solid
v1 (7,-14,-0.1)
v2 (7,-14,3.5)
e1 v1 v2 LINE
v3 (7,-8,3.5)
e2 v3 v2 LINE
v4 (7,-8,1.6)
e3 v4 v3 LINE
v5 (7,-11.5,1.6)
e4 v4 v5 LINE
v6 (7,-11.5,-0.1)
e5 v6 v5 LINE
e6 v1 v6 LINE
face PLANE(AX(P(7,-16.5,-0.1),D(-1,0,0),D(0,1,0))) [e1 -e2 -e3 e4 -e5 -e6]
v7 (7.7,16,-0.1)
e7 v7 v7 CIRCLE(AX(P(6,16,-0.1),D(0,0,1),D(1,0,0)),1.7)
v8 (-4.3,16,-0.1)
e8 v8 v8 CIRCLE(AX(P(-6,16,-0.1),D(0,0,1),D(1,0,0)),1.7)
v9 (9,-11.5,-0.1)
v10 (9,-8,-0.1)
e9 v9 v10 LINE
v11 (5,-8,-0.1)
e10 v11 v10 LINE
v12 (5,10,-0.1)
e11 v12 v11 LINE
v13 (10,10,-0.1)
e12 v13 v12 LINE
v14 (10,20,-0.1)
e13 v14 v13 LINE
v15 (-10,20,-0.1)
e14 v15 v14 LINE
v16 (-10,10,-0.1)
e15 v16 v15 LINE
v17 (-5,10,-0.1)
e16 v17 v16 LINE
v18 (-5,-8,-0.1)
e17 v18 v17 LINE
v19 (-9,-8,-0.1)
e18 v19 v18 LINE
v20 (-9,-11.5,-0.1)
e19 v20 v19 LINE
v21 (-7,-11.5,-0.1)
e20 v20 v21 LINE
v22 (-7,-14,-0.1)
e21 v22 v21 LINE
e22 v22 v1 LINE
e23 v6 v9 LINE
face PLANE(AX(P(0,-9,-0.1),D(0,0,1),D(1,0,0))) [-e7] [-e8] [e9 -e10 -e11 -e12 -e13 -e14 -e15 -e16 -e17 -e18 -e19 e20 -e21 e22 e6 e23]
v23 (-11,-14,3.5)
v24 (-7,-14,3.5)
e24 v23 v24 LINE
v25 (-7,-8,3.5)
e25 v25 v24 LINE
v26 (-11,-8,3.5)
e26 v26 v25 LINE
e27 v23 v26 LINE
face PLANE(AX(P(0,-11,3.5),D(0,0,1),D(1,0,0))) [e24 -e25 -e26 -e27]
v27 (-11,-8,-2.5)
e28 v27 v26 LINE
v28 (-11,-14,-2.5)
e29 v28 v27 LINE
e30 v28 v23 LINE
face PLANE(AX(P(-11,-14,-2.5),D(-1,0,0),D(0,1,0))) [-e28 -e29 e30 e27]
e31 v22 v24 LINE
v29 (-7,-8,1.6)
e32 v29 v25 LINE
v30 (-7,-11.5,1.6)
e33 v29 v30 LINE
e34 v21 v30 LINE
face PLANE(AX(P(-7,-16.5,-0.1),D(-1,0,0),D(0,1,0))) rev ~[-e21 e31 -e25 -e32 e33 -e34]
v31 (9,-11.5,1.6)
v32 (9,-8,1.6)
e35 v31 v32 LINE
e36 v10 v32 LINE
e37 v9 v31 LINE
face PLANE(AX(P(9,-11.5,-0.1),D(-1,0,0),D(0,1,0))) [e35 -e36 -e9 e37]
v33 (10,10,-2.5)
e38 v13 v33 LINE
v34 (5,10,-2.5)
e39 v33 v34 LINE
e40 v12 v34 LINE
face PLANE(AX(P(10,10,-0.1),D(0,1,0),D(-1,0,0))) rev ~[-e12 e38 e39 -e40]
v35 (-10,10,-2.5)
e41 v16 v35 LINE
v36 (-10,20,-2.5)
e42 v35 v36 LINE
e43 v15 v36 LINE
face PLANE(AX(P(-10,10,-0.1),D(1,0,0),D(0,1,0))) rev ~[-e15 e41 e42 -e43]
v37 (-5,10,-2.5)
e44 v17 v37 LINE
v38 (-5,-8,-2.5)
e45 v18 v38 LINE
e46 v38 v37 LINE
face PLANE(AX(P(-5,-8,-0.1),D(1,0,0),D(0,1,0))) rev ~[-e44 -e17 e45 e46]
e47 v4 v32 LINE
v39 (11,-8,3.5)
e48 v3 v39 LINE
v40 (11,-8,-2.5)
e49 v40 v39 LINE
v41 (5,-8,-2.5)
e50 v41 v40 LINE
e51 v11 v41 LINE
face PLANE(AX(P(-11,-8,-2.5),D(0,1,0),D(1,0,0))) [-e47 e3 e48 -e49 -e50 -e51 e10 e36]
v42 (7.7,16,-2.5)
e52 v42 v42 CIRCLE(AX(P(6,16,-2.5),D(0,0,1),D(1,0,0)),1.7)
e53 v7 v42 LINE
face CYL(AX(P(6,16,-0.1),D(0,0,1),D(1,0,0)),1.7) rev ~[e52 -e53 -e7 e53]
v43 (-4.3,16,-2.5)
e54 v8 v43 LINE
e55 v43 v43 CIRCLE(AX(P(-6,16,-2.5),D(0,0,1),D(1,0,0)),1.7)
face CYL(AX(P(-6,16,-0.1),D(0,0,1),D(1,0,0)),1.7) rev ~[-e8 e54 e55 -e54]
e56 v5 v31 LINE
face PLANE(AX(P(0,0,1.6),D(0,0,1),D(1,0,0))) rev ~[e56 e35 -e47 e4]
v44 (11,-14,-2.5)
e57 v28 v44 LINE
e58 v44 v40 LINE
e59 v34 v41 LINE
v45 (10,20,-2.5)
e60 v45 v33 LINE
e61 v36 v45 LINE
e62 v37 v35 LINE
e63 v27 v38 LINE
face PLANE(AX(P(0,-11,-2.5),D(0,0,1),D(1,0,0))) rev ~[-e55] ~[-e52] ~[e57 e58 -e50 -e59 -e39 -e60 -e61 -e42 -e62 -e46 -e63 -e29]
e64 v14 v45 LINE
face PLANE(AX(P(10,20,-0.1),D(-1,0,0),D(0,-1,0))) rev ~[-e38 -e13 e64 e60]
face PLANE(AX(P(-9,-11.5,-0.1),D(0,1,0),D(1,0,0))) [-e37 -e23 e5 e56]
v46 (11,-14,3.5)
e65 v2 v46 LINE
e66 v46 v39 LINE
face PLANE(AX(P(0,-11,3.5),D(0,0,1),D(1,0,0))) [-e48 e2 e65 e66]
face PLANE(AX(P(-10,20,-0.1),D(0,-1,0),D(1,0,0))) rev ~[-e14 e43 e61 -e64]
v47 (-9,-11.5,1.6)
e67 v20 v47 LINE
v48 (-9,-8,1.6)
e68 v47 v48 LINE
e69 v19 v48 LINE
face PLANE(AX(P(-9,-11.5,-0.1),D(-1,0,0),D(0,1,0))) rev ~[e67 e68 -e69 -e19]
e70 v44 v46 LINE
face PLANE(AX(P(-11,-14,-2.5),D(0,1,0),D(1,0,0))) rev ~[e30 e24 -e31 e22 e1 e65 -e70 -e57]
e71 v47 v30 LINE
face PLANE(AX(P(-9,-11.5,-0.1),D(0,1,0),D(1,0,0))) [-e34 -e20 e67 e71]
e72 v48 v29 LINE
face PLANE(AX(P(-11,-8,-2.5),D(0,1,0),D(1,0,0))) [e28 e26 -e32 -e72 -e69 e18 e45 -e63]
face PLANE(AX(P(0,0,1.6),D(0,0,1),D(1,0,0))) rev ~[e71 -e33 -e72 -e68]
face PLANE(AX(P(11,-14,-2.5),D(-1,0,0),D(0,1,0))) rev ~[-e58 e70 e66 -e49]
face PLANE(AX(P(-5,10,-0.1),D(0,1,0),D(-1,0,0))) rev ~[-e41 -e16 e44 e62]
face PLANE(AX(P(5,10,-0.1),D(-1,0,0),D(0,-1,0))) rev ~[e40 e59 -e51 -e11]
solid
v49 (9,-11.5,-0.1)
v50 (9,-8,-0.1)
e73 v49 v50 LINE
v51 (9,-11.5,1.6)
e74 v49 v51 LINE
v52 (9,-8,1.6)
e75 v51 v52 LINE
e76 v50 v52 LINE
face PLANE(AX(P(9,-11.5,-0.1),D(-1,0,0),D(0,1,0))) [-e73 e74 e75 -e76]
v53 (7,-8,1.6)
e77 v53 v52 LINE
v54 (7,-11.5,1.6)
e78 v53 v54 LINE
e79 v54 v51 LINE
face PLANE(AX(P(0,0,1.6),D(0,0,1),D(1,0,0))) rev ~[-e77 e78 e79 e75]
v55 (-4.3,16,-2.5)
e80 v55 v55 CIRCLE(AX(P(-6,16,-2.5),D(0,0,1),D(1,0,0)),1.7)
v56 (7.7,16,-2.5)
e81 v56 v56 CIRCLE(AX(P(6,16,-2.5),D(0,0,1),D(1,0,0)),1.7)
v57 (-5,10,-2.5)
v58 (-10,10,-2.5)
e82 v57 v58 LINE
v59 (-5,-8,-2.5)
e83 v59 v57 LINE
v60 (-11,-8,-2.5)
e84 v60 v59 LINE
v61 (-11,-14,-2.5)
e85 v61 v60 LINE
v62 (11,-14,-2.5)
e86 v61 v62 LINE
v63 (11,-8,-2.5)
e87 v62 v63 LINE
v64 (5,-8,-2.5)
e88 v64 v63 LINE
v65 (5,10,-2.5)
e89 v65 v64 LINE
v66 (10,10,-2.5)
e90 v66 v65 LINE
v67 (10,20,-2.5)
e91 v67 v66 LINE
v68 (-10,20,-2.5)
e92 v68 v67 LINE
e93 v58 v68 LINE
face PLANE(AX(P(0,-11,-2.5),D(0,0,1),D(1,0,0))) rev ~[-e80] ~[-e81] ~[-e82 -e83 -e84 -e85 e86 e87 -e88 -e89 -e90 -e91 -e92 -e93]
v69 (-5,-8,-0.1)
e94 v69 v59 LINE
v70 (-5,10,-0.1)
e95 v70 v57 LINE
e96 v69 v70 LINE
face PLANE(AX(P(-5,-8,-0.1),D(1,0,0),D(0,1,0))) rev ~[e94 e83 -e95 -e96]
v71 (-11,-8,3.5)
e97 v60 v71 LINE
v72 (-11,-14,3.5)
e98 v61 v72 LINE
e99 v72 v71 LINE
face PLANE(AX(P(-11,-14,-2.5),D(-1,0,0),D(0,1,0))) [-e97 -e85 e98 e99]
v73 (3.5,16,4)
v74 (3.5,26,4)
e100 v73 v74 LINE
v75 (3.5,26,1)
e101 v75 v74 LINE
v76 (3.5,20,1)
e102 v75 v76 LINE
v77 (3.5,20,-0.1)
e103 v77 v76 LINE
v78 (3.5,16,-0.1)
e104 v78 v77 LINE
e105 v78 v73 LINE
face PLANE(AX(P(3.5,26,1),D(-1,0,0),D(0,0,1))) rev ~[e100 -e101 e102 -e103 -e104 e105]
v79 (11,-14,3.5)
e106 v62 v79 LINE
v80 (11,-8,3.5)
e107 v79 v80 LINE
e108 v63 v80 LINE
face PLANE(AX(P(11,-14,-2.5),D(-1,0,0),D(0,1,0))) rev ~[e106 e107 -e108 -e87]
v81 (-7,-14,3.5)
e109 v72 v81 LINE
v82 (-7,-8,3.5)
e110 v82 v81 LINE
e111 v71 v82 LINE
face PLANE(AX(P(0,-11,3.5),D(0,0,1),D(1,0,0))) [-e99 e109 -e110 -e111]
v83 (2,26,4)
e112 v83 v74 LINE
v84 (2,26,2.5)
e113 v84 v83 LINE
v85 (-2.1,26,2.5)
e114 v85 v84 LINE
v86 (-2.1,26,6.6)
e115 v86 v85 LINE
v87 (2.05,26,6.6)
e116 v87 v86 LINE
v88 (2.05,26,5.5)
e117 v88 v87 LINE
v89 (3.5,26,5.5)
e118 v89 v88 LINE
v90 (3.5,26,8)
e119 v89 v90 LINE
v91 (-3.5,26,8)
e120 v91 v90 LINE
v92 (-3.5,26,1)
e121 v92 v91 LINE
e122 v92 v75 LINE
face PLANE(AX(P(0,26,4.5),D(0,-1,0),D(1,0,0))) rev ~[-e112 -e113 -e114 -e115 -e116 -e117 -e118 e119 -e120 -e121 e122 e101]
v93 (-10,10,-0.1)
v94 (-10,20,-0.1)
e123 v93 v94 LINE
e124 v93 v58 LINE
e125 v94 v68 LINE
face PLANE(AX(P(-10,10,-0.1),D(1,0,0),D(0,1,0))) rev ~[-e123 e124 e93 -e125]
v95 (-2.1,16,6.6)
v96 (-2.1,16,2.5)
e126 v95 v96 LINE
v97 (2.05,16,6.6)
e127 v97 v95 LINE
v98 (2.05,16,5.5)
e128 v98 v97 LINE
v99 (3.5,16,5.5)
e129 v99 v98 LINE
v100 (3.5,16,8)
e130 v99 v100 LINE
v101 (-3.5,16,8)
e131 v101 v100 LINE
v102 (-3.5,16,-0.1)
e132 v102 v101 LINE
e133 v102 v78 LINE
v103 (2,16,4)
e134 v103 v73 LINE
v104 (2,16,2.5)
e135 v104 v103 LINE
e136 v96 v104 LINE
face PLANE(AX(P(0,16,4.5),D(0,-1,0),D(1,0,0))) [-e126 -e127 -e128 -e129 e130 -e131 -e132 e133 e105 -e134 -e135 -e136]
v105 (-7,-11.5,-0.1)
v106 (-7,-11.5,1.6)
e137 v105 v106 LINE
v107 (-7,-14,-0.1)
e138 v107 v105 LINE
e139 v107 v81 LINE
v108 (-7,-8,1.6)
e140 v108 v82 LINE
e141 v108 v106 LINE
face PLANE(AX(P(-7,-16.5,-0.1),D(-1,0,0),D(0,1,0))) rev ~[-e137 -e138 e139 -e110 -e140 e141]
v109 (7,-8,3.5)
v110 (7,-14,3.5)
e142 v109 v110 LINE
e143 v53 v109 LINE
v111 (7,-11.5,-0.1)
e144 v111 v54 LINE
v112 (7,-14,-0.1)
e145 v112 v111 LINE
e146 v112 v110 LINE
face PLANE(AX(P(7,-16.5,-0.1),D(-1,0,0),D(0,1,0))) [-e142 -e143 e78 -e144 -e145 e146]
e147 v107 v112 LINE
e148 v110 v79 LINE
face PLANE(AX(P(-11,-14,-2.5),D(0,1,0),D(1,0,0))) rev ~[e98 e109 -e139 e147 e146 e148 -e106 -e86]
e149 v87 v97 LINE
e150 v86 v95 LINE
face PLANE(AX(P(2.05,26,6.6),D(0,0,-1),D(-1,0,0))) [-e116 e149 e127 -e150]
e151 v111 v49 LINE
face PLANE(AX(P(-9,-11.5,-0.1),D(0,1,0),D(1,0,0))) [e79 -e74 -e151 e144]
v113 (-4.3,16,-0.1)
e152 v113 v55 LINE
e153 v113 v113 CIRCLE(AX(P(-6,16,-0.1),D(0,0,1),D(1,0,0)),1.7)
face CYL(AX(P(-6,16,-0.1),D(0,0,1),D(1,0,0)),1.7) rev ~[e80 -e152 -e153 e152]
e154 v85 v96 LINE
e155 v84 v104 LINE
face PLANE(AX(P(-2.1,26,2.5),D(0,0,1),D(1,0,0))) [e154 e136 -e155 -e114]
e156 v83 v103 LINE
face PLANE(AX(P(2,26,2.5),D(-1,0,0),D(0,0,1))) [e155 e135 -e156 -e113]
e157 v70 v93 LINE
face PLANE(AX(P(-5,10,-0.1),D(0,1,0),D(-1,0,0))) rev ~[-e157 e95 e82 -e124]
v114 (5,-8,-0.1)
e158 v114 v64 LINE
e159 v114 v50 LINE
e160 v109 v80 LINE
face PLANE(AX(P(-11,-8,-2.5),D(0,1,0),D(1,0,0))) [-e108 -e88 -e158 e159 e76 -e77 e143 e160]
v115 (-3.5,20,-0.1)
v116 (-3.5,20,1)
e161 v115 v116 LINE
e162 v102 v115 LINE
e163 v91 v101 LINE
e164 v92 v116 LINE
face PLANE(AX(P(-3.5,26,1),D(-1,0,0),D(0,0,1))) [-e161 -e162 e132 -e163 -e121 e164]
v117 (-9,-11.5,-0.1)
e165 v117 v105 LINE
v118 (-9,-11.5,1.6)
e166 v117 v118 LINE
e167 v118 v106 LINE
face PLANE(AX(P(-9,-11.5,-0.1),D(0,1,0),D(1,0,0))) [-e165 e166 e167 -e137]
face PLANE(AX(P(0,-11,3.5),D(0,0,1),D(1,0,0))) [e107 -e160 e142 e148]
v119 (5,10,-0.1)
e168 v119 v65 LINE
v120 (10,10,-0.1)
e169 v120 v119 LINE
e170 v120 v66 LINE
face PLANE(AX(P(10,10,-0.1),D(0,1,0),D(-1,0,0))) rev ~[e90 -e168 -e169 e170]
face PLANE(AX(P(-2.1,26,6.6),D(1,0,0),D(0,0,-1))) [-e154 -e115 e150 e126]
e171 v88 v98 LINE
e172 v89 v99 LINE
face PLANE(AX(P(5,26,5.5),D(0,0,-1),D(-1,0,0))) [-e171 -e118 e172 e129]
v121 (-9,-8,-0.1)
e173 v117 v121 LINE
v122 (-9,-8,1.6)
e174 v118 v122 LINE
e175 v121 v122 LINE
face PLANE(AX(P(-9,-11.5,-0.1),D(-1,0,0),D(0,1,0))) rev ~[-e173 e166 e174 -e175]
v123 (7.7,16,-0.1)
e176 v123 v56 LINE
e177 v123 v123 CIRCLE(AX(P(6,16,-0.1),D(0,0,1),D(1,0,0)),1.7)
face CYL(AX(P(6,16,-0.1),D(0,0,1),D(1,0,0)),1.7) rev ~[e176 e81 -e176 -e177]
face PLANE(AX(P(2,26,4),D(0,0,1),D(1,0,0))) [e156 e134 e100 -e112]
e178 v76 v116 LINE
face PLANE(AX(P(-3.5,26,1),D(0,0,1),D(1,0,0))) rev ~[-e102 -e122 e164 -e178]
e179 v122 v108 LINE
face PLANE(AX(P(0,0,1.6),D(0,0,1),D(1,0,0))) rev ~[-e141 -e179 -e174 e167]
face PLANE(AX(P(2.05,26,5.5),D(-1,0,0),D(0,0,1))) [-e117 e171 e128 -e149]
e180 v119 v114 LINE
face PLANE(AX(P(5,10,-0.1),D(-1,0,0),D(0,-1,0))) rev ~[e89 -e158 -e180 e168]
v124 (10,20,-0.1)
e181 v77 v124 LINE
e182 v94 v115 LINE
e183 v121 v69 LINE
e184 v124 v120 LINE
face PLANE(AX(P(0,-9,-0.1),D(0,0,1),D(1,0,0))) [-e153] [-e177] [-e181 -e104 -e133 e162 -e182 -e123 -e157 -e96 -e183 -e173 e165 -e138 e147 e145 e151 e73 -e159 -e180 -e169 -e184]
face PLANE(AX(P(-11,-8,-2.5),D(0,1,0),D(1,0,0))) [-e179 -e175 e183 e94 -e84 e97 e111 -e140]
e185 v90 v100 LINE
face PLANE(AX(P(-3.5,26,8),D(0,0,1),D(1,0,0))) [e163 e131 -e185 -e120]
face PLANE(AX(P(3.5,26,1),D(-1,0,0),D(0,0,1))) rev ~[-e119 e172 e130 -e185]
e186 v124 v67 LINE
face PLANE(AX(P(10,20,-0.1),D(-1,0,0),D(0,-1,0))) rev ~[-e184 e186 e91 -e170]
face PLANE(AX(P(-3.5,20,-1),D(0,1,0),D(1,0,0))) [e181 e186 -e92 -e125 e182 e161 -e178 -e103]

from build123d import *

# Parameters (mm, degrees)
SKETCH003_R      = 1.7
EXTRUDE003_DEPTH = 2.4
BOX001_W         = 7
BOX001_H         = 4
BOX001_DEPTH     = 3
SKETCH001_W      = 2.5
SKETCH001_H      = 8
EXTRUDE001_DEPTH = 9
BOX_W            = 14
BOX_H            = 15
BOX_DEPTH        = 8.5
SKETCH_W         = 18
SKETCH_H         = 23
EXTRUDE_DEPTH    = 1.7
SKETCH002_W      = 22
SKETCH002_H      = 6
EXTRUDE002_DEPTH = 6
EXTRUDE004_DEPTH = 10
SKETCH005_W      = 7
SKETCH005_H      = 7
EXTRUDE005_DEPTH = 10


with BuildPart() as extrude003:
    # Sketch003 → Extrude003 (new body)
    with BuildSketch(Plane.XY):
        Polygon((-10, 20), (10, 20), (10, 10), (5, 10), (5, -8), (-5, -8), (-5, 10), (-10, 10), align=None)
        with Locations((-6, 16)):
            Circle(SKETCH003_R, mode=Mode.SUBTRACT)
        with Locations((6, 16)):
            Circle(SKETCH003_R, mode=Mode.SUBTRACT)
    extrude(amount=-EXTRUDE003_DEPTH)


with BuildPart() as extrude003_1:
    # Extrude003 placement: moved
    add(extrude003.part.moved(Location((0, 0, -0.1))))


with BuildPart() as cube001:
    # Box001 → Box001 (new body)
    with BuildSketch(Plane(origin=(-3.5, 16, -1), x_dir=(1, 0, 0), z_dir=(0, 0, 1))):
        with Locations((3.5, 2)):
            Rectangle(BOX001_W, BOX001_H)
    extrude(amount=BOX001_DEPTH)


with BuildPart() as extrude001:
    # Sketch001 → Extrude001 (new body)
    with BuildSketch(Plane.XY):
        with Locations((7.75, 5.5)):
            Rectangle(SKETCH001_W, SKETCH001_H)
    extrude(amount=EXTRUDE001_DEPTH)


with BuildPart() as extrude001_1:
    # Extrude001 placement: moved
    add(extrude001.part.moved(Location((0, 0, 1.6))))


with BuildPart() as part_mirroring:
    # Part__Mirroring: instance of Extrude001
    add(extrude001_1.part.mirror(Plane(origin=(0, 0, 0), x_dir=(0, -1, 0), z_dir=(1, 0, 0))))


with BuildPart() as cube:
    # Box → Box (new body)
    with BuildSketch(Plane(origin=(-7, -16.5, -0.1), x_dir=(1, 0, 0), z_dir=(0, 0, 1))):
        with Locations((7, 7.5)):
            Rectangle(BOX_W, BOX_H)
    extrude(amount=BOX_DEPTH)


with BuildPart() as fusion:
    # Sketch → Extrude (new body)
    with BuildSketch(Plane.XY):
        Rectangle(SKETCH_W, SKETCH_H)
    extrude(amount=EXTRUDE_DEPTH)


with BuildPart() as fusion_1:
    # Extrude placement: moved
    add(fusion.part.moved(Location((0, 0, -0.1))))

    # Fusion: union Part__Mirroring, Extrude001, Cube
    add(part_mirroring.part)
    add(extrude001_1.part)
    add(cube.part)


with BuildPart() as cut:
    # Sketch002 → Extrude002 (new body)
    with BuildSketch(Plane.XY):
        with Locations((0, -11)):
            Rectangle(SKETCH002_W, SKETCH002_H)
    extrude(amount=EXTRUDE002_DEPTH)


with BuildPart() as cut_1:
    # Extrude002 placement: moved
    add(cut.part.moved(Location((0, 0, -2.5))))

    # Cut: cut Fusion
    add(fusion_1.part, mode=Mode.SUBTRACT)


with BuildPart() as extrude004:
    # Sketch004 → Extrude004 (new body)
    with BuildSketch(Plane.XZ):
        Polygon((-2.1, 2.5), (2, 2.5), (2, 4), (5, 4), (5, 5.5), (2.05, 5.5), (2.05, 6.6), (-2.1, 6.6), align=None)
    extrude(amount=EXTRUDE004_DEPTH)


with BuildPart() as fusion002:
    # Sketch005 → Extrude005 (new body)
    with BuildSketch(Plane.XZ):
        with Locations((0, 4.5)):
            Rectangle(SKETCH005_W, SKETCH005_H)
    extrude(amount=EXTRUDE005_DEPTH)

    # Cut001: cut Extrude004
    add(extrude004.part, mode=Mode.SUBTRACT)


with BuildPart() as fusion002_1:
    # Cut001 placement: moved
    add(fusion002.part.moved(Location((0, 26, 0))))

    # Fusion001: union Extrude003
    add(extrude003_1.part)

    # Fusion002: union Extrude003, Cube001, Cut
    add(extrude003_1.part)
    add(cube001.part)
    add(cut_1.part)


with BuildPart() as fusion003:
    # Fusion003 base: copy of Cut
    add(cut_1.part)

    # Fusion003: union Extrude003
    add(extrude003_1.part)


solid = Compound([fusion002_1.part, fusion003.part])
